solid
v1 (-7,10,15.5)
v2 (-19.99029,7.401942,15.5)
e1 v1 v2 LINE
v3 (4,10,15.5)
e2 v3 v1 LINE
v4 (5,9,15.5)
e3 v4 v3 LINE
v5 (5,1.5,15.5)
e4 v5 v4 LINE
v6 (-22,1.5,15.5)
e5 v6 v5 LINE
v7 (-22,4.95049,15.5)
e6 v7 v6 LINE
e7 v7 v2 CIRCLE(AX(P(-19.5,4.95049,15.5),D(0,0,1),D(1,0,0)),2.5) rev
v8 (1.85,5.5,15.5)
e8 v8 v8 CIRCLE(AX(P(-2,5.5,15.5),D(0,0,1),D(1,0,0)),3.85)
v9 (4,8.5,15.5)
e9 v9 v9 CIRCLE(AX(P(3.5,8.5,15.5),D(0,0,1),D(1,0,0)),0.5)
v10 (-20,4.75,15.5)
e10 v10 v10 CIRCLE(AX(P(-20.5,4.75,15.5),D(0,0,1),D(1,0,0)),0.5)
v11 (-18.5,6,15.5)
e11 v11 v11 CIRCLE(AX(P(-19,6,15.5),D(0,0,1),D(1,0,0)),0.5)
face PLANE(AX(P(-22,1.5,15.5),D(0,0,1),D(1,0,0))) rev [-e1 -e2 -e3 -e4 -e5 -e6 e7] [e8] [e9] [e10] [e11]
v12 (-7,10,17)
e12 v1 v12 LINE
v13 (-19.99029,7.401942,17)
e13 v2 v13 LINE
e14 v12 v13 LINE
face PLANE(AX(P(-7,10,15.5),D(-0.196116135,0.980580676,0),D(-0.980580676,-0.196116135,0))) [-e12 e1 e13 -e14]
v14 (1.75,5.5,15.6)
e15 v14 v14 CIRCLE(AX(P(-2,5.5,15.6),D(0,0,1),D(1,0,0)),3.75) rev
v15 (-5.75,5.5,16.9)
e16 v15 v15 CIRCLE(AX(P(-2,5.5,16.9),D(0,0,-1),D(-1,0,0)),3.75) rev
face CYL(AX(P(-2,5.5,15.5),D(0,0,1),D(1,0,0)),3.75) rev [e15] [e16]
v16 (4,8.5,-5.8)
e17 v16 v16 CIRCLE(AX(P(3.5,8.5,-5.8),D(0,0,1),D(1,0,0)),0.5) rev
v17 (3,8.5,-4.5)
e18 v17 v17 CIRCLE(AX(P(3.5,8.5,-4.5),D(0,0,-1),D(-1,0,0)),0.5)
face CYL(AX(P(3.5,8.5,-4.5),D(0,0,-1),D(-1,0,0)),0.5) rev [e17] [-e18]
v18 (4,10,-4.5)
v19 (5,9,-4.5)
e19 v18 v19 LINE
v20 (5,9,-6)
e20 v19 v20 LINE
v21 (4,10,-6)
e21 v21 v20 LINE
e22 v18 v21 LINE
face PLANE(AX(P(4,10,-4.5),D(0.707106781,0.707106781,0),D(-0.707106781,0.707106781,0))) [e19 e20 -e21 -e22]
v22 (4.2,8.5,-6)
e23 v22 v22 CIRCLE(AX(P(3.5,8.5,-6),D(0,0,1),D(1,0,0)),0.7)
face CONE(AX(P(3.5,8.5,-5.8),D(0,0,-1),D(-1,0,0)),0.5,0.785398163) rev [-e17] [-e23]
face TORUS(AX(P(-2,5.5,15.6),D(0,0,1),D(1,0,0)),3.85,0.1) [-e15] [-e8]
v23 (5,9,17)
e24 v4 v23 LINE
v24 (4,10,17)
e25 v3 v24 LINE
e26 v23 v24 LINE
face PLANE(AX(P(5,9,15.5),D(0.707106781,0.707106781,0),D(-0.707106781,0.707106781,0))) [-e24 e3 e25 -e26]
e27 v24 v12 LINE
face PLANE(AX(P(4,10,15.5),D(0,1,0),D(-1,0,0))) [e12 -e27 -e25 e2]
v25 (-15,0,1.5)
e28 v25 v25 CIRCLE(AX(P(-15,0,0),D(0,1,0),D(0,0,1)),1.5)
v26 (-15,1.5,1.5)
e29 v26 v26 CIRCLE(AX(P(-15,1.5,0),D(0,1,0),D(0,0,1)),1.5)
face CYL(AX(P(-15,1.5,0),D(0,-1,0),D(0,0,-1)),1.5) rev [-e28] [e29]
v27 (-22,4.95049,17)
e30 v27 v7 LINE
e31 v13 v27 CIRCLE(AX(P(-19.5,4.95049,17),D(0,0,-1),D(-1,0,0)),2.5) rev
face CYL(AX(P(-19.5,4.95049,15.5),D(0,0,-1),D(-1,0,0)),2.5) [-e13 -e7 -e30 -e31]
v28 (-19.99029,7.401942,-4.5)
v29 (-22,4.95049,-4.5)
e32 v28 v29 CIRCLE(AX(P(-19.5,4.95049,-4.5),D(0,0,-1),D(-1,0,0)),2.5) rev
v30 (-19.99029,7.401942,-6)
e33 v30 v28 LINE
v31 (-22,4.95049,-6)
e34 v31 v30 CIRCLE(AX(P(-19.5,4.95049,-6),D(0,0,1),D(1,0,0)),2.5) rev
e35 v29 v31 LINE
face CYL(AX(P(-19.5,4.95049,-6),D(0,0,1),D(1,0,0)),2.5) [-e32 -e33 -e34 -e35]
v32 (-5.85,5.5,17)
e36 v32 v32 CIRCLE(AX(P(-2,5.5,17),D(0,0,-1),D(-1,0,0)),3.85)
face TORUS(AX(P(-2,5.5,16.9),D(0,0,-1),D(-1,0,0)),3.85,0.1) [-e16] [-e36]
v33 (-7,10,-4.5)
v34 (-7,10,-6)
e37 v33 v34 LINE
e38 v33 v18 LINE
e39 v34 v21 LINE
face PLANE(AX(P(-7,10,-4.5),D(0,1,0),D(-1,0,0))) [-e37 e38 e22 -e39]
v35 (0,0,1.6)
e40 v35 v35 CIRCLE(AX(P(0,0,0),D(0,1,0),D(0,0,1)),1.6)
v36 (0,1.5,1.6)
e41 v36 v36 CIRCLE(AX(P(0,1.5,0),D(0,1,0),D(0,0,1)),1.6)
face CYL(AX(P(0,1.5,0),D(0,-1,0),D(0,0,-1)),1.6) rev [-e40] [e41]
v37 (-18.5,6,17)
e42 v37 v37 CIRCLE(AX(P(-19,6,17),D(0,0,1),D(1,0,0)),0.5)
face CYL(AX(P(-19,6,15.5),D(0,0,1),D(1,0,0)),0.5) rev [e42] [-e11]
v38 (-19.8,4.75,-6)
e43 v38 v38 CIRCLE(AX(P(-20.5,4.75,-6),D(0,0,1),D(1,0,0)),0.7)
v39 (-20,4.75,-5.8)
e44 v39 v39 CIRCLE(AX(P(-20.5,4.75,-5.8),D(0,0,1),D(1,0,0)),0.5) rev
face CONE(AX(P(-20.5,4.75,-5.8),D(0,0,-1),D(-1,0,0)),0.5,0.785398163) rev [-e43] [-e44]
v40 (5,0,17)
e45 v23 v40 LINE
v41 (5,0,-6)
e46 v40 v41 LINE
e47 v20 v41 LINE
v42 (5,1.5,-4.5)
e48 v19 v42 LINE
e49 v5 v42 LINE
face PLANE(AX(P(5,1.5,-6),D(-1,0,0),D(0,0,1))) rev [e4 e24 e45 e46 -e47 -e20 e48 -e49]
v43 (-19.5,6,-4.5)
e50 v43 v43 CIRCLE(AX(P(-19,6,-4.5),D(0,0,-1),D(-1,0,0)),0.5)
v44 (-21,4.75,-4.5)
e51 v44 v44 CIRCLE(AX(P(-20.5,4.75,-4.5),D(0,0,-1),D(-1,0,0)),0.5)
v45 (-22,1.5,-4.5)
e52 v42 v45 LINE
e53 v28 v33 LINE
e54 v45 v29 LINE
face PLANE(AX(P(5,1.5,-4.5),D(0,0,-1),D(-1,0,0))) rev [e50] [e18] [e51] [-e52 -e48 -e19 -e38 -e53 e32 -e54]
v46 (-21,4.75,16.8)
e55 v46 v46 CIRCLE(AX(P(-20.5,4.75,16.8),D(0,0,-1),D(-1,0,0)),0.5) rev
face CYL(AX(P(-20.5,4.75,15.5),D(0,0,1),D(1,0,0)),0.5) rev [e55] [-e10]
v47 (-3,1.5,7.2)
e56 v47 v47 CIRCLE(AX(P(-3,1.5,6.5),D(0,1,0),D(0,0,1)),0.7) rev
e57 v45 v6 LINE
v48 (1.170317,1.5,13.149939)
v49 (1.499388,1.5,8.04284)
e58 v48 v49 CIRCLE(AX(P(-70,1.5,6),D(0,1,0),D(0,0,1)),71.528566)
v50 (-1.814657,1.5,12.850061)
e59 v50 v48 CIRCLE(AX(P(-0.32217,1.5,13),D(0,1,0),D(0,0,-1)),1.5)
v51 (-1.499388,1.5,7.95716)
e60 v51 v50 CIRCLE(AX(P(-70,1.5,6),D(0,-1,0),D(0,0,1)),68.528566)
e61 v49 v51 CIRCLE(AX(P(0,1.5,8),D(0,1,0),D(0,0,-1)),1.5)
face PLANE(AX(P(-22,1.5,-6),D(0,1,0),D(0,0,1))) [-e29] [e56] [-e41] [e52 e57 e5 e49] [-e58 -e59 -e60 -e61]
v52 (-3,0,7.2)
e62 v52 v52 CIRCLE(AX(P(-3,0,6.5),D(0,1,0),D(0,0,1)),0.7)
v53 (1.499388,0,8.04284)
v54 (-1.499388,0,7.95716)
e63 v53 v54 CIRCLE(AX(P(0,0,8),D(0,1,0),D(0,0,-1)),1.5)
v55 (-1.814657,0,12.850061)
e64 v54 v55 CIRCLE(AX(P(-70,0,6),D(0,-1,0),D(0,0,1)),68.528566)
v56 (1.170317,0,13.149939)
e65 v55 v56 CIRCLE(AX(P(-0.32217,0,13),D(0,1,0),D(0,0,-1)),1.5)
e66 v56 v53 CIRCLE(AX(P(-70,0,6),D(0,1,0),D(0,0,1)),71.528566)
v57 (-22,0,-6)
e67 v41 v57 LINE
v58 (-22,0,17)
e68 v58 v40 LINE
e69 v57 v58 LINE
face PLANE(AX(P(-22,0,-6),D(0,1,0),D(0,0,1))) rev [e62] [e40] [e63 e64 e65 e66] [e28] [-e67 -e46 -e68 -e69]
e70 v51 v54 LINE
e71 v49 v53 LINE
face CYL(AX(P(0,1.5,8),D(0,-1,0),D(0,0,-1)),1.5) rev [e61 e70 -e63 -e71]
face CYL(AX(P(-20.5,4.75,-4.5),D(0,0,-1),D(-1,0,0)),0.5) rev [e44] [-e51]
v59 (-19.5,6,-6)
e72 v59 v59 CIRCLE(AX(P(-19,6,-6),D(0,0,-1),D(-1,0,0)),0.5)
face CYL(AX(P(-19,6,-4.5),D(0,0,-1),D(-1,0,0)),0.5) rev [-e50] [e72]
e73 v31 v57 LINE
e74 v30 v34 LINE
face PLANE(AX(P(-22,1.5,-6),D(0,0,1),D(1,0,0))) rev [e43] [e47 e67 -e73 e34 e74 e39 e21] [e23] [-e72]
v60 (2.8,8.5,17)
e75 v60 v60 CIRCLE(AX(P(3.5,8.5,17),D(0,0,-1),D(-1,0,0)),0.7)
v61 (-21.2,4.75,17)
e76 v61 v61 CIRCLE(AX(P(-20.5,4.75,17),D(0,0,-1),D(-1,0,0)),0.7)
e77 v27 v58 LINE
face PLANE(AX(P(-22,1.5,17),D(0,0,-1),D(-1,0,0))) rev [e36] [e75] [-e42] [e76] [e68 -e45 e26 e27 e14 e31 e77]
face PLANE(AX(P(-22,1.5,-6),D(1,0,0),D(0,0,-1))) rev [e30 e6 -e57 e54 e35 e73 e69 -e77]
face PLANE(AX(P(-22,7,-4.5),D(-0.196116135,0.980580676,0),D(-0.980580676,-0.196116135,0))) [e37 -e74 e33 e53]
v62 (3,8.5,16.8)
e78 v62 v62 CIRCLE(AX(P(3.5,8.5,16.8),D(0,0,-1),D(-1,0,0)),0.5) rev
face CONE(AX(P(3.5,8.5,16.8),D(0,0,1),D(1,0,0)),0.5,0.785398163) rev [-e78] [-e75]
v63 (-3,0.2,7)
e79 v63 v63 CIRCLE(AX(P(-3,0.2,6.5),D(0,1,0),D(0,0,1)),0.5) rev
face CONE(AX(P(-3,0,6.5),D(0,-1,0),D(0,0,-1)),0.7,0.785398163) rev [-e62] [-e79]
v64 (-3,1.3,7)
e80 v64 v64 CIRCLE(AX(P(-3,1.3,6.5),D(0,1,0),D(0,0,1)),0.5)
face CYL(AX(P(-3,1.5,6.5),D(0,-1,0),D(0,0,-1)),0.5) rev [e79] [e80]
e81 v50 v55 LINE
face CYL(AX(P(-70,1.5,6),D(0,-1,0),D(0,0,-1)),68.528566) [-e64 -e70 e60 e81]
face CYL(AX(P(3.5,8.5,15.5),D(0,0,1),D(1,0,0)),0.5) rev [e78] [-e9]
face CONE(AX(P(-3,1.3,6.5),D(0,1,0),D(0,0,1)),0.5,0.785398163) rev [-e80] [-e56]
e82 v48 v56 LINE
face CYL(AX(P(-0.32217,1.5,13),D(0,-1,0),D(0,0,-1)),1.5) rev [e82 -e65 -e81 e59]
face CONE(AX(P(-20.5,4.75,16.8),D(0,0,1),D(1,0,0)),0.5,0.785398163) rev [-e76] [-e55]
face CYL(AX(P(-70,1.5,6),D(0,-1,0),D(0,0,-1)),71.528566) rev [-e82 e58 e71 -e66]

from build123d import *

# Parameters (mm, degrees)
SKETCH1_W      = 27
SKETCH1_H      = 23
SKETCH1_R      = 1.6
SKETCH1_R_2    = 1.5
SKETCH1_R_3    = 0.5
EXTRUDE1_DEPTH = 1.5
SKETCH2_R      = 0.5
SKETCH2_R_2    = 3.75
EXTRUDE2_DEPTH = 1.5
SKETCH3_R      = 0.5
EXTRUDE3_DEPTH = 1.5
FILLET1_R      = 0.1
CHAMFER1_SIZE  = 0.2
FILLET2_R      = 2.5


with BuildPart() as part:
    # Sketch1 → Extrude1 (new body)
    with BuildSketch(Plane(origin=(0, 0, 0), x_dir=(1, 0, 0), z_dir=(0, 1, 0))):
        with Locations((-8.5, -5.5)):
            Rectangle(SKETCH1_W, SKETCH1_H)
        with Locations(Location((0, 0, 0), (0, 0, 270))):  # turned: the seam where the file's is
            Circle(SKETCH1_R, mode=Mode.SUBTRACT)
        with Locations(Location((-15, 0, 0), (0, 0, 270))):  # turned: the seam where the file's is
            Circle(SKETCH1_R_2, mode=Mode.SUBTRACT)
        with Locations(Location((-3, -6.5, 0), (0, 0, 270))):  # turned: the seam where the file's is
            Circle(SKETCH1_R_3, mode=Mode.SUBTRACT)
        with BuildLine():
            ThreePointArc((-1.814657257, -12.850061187), (-1.613249333, -10.406431255), (-1.49938813, -7.957160339))
            ThreePointArc((-1.49938813, -7.957160339), (0.042839661, -6.50061187), (1.49938813, -8.042839661))
            ThreePointArc((1.49938813, -8.042839661), (1.380542383, -10.599333203), (1.170317351, -13.149938813))
            ThreePointArc((1.170317351, -13.149938813), (-0.472108766, -14.492487304), (-1.814657257, -12.850061187))
        make_face(mode=Mode.SUBTRACT)
    extrude(amount=EXTRUDE1_DEPTH)

    # Sketch2 → Extrude2 (add)
    with BuildSketch(Plane.XY.offset(17)):
        Polygon((-22, 1.5), (5, 1.5), (5, 9), (4, 10), (-7, 10), (-22, 7), align=None)
        with Locations((3.5, 8.5)):
            Circle(SKETCH2_R, mode=Mode.SUBTRACT)
        with Locations((-2, 5.5)):
            Circle(SKETCH2_R_2, mode=Mode.SUBTRACT)
        with Locations((-20.5, 4.75)):
            Circle(SKETCH2_R, mode=Mode.SUBTRACT)
        with Locations((-19, 6)):
            Circle(SKETCH2_R, mode=Mode.SUBTRACT)
    extrude(amount=-EXTRUDE2_DEPTH)

    # Sketch3 → Extrude3 (add)
    with BuildSketch(Plane(origin=(0, 0, -6), x_dir=(-1, 0, 0), z_dir=(0, 0, -1))):
        Polygon((-5, 1.5), (22, 1.5), (22, 7), (7, 10), (-4, 10), (-5, 9), align=None)
        with Locations(Location((-3.5, 8.5, 0), (0, 0, 180))):  # turned: the seam where the file's is
            Circle(SKETCH3_R, mode=Mode.SUBTRACT)
        with Locations(Location((20.5, 4.75, 0), (0, 0, 180))):  # turned: the seam where the file's is
            Circle(SKETCH3_R, mode=Mode.SUBTRACT)
        with Locations(Location((19, 6, 0), (0, 0, 180))):  # turned: the seam where the file's is
            Circle(SKETCH3_R, mode=Mode.SUBTRACT)
    extrude(amount=-EXTRUDE3_DEPTH)

    # Fillet1
    fillet1_edges = [part.edges().sort_by_distance(p)[0] for p in [
        (-5.75, 5.5, 15.5),
        (-5.75, 5.5, 17),
    ]]
    fillet(fillet1_edges, radius=FILLET1_R)

    # Chamfer1
    chamfer1_edges = [part.edges().sort_by_distance(p)[0] for p in [
        (-3, 0, 6),
        (-3, 1.5, 6),
        (3, 8.5, 17),
        (-21, 4.75, 17),
        (3, 8.5, -6),
        (-21, 4.75, -6),
    ]]
    chamfer(chamfer1_edges, length=CHAMFER1_SIZE)

    # Fillet2
    fillet2_edges = [part.edges().sort_by_distance(p)[0] for p in [
        (-22, 7, 16.25),
        (-22, 7, -5.25),
    ]]
    fillet(fillet2_edges, radius=FILLET2_R)


solid = part.part
